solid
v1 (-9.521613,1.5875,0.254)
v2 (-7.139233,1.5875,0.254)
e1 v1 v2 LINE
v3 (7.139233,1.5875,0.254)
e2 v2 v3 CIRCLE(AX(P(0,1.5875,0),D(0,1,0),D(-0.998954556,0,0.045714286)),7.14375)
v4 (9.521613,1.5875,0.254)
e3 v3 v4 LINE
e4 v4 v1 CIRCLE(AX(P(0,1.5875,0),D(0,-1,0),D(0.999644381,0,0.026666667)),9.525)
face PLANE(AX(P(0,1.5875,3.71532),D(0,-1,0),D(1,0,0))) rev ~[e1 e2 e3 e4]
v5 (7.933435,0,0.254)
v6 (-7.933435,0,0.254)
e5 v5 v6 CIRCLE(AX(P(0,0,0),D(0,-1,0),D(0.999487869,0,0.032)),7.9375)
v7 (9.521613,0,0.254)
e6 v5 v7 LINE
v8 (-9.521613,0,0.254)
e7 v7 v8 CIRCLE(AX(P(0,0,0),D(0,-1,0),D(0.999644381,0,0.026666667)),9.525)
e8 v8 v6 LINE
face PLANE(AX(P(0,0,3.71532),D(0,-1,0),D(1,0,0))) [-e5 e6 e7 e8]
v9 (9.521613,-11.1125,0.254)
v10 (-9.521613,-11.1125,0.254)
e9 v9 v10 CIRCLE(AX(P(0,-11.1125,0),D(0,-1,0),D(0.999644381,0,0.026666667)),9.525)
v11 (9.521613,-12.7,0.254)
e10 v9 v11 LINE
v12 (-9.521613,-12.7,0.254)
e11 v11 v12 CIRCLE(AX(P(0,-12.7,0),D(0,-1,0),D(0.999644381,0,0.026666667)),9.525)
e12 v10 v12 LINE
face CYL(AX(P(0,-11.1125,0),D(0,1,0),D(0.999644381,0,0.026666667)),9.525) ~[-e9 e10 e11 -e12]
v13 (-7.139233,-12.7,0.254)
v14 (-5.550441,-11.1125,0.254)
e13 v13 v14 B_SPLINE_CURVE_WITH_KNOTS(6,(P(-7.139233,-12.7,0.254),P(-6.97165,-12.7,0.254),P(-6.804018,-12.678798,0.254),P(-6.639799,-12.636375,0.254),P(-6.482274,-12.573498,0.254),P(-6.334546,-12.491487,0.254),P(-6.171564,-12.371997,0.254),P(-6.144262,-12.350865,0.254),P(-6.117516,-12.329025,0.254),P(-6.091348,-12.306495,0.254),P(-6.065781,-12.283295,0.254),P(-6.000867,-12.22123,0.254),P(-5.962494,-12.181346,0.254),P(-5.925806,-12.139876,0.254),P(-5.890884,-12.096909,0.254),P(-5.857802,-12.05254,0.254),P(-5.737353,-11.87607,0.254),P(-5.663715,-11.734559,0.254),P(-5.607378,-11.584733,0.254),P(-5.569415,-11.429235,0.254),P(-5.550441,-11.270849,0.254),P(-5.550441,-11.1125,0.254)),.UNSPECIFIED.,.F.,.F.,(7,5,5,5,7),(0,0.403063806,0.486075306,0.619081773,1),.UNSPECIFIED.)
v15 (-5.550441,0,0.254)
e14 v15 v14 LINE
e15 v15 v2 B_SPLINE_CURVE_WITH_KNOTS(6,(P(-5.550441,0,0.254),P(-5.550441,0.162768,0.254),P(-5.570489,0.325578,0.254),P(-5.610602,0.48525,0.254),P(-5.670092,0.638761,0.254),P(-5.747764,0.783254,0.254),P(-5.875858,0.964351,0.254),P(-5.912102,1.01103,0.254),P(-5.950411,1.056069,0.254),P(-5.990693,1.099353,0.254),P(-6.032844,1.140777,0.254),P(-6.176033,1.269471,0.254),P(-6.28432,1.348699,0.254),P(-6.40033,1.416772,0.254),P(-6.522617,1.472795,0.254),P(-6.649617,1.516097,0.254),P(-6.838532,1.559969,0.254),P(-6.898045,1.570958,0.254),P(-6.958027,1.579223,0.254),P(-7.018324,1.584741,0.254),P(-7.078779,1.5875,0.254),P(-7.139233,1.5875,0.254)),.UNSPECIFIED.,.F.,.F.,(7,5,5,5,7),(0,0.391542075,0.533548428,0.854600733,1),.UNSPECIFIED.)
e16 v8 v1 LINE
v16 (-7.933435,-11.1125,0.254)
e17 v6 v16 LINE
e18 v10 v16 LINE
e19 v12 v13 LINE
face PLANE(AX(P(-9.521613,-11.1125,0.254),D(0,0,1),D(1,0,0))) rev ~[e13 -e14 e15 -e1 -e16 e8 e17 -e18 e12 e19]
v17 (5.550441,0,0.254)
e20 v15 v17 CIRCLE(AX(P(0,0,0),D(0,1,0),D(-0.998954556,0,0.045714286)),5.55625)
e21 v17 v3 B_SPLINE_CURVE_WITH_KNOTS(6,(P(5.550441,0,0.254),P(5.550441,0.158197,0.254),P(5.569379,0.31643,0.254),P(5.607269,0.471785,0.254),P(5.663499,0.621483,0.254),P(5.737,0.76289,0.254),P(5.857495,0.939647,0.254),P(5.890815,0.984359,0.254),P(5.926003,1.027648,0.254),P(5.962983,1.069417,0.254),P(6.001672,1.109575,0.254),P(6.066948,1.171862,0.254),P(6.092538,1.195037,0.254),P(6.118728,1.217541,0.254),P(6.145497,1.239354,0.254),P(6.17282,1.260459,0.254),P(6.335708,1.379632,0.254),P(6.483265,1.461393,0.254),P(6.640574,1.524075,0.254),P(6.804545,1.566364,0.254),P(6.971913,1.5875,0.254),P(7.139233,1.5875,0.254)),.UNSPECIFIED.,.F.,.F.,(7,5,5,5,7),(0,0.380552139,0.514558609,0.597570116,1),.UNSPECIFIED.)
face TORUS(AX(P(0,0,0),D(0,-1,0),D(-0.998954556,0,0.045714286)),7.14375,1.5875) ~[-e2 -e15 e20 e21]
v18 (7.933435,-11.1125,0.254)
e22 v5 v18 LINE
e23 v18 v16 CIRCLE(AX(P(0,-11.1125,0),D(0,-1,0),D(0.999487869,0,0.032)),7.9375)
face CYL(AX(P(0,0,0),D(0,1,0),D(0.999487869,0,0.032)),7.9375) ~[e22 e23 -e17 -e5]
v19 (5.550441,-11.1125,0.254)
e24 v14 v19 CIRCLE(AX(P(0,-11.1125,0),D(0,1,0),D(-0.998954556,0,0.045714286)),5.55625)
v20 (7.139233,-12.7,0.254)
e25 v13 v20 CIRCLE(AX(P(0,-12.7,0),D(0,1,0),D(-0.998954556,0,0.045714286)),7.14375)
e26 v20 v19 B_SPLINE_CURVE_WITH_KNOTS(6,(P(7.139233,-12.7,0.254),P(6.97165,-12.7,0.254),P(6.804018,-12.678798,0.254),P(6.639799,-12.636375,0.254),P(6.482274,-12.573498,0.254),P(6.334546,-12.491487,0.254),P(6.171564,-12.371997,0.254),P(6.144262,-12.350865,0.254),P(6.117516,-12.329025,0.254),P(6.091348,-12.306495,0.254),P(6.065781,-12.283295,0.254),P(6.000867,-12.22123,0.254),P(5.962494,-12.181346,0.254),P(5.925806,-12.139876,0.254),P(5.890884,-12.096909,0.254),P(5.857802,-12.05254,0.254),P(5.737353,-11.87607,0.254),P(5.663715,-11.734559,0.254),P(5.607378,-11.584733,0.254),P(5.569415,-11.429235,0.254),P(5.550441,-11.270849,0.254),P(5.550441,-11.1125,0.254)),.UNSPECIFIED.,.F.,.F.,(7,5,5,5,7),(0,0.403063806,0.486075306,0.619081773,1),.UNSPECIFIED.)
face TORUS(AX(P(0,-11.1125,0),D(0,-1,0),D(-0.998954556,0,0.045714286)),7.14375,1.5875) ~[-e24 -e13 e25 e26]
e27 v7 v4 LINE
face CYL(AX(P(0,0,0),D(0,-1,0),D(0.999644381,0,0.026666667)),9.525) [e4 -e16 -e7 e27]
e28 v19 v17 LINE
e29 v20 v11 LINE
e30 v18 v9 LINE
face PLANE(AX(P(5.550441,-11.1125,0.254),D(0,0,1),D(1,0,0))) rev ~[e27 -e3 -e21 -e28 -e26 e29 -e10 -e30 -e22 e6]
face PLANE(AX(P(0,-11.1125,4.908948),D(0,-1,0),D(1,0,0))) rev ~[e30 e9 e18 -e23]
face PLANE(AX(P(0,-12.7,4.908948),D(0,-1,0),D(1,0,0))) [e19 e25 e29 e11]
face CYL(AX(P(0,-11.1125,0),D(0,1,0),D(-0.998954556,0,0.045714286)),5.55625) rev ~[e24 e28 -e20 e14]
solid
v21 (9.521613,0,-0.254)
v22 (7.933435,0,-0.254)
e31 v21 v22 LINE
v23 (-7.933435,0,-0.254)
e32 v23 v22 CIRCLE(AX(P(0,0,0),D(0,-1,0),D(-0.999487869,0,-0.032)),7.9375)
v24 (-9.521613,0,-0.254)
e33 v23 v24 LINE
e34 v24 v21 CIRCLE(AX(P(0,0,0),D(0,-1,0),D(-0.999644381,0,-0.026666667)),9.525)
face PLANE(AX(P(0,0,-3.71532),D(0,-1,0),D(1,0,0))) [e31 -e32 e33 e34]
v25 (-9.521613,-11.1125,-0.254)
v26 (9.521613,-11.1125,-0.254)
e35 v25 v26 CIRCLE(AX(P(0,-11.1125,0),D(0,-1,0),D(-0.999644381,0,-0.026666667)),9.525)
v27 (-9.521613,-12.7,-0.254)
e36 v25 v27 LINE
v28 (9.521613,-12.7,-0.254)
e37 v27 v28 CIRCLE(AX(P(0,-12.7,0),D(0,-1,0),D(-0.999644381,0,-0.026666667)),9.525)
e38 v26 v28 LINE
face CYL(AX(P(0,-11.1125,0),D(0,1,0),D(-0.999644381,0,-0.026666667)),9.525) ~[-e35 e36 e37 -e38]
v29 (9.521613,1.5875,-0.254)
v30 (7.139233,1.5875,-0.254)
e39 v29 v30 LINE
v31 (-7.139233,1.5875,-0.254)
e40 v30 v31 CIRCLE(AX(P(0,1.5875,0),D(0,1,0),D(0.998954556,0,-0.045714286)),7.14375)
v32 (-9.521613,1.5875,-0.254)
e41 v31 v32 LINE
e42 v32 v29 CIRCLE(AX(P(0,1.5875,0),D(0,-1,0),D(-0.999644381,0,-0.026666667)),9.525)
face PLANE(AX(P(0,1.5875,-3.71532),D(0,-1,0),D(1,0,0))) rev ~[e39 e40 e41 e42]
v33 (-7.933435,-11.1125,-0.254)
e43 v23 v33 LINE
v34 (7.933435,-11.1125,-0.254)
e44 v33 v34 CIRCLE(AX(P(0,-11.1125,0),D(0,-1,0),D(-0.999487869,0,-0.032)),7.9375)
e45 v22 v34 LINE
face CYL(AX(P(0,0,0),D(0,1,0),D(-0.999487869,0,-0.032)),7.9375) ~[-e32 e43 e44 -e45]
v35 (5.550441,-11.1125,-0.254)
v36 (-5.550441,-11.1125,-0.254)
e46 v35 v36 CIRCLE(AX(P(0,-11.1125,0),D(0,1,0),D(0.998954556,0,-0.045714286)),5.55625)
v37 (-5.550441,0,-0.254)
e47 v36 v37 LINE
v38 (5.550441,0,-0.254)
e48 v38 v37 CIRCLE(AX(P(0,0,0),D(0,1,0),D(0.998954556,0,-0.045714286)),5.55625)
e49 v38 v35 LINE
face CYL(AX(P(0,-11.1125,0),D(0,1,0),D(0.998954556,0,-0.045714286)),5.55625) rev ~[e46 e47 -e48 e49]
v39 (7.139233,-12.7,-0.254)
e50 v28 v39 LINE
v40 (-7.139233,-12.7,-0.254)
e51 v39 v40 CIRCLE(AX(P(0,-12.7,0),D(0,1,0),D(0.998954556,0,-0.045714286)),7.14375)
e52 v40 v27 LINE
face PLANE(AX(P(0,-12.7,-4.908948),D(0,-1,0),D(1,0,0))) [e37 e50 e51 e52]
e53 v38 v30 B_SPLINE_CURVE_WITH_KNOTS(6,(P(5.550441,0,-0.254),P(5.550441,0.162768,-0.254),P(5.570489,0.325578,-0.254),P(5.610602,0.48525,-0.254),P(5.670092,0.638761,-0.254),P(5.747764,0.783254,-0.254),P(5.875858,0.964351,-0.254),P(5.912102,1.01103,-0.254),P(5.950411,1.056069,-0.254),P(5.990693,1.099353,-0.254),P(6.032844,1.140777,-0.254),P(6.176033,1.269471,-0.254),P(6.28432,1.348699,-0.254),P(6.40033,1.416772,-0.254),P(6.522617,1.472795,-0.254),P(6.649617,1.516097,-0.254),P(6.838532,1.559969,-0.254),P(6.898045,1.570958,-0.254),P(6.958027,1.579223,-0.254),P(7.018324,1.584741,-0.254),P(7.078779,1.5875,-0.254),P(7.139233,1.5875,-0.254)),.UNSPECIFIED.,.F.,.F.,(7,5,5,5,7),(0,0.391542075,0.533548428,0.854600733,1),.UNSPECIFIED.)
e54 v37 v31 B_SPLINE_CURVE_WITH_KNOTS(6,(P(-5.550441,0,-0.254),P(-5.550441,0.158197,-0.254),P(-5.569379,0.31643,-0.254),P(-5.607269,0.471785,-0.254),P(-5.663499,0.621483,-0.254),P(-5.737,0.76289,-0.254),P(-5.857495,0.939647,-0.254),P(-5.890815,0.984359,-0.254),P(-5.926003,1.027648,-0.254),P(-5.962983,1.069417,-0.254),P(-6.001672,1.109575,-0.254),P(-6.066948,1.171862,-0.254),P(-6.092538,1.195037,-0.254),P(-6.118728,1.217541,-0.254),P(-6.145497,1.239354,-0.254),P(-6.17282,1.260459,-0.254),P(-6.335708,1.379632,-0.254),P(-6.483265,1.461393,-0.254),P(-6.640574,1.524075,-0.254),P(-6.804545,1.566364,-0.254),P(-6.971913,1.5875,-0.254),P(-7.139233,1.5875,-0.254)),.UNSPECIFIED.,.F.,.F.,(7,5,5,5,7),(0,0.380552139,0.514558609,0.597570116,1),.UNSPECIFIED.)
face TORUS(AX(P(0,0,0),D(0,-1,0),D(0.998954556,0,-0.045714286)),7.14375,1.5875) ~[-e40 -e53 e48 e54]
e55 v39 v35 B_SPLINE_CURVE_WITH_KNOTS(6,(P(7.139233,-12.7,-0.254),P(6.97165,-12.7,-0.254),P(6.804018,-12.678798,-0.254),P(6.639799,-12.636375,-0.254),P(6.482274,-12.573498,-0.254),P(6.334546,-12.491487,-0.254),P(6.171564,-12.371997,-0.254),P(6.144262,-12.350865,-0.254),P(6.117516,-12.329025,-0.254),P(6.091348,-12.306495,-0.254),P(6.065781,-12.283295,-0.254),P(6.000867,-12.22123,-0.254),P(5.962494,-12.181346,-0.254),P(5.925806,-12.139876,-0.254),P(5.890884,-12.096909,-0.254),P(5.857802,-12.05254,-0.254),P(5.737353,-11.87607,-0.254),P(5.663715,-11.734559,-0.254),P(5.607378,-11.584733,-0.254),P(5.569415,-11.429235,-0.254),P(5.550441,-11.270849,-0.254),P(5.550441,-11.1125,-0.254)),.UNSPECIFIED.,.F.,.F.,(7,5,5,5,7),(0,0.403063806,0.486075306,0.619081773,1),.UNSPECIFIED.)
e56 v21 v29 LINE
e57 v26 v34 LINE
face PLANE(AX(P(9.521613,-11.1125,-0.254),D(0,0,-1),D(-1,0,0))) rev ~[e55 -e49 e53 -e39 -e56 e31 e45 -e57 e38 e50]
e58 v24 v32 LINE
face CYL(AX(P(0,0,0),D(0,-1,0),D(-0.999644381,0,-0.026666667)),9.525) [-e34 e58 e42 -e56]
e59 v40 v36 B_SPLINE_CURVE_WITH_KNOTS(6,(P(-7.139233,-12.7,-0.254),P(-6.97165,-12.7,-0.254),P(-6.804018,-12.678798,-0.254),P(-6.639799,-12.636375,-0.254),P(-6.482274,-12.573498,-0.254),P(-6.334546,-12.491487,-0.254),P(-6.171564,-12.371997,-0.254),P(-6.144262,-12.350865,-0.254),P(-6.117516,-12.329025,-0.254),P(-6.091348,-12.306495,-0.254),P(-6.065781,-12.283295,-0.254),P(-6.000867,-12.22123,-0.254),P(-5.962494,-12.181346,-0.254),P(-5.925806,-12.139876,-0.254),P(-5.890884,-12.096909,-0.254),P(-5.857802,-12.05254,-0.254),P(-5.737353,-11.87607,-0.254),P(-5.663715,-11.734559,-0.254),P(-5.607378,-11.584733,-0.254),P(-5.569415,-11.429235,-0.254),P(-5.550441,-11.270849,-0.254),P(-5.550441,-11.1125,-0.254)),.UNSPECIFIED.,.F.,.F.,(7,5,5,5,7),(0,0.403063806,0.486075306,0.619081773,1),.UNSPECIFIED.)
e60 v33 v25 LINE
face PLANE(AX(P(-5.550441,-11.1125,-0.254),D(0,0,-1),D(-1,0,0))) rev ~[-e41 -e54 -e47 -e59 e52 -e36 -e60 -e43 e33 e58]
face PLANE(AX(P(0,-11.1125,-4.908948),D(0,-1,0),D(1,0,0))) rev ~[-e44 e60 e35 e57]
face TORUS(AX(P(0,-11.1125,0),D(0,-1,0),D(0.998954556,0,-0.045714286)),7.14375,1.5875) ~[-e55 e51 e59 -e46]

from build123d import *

# Parameters (mm, degrees)
F1_DEPTH = 11.1125
F2_DEPTH = 1.5875
F3_START = 11.1125
F3_DEPTH = 1.5875
F4_R     = 1.5875
F4_2_R   = 1.5875


with BuildPart() as f1:
    # F0 (on Front) → F1 (new body)
    with BuildSketch(Plane.XZ):
        with BuildLine():
            Line((5.5504412494, 0.254), (7.9334349591, 0.254))
            ThreePointArc((7.9334349591, 0.254), (0, 7.9375), (-7.9334349591, 0.254))
            Line((-7.9334349591, 0.254), (-5.5504412494, 0.254))
            ThreePointArc((-5.5504412494, 0.254), (0, 5.55625), (5.5504412494, 0.254))
        make_face()
    extrude(amount=F1_DEPTH)

    # F0 (on Front) → F2, piece 2 (join)
    with BuildSketch(Plane.XZ):
        with BuildLine():
            Line((5.5504412494, 0.254), (7.9334349591, 0.254))
            ThreePointArc((7.9334349591, 0.254), (0, 7.9375), (-7.9334349591, 0.254))
            Line((-7.9334349591, 0.254), (-5.5504412494, 0.254))
            ThreePointArc((-5.5504412494, 0.254), (0, 5.55625), (5.5504412494, 0.254))
        make_face()
        with BuildLine():
            Line((7.9334349591, 0.254), (9.521612731, 0.254))
            ThreePointArc((9.521612731, 0.254), (0, 9.525), (-9.521612731, 0.254))
            Line((-9.521612731, 0.254), (-7.9334349591, 0.254))
            ThreePointArc((-7.9334349591, 0.254), (0, 7.9375), (7.9334349591, 0.254))
        make_face()
    extrude(amount=-F2_DEPTH)

    # F0 (on Front) → F3 (join)
    with BuildSketch(Plane.XZ.offset(F3_START)):
        with BuildLine():
            Line((7.9334349591, 0.254), (9.521612731, 0.254))
            ThreePointArc((9.521612731, 0.254), (0, 9.525), (-9.521612731, 0.254))
            Line((-9.521612731, 0.254), (-7.9334349591, 0.254))
            ThreePointArc((-7.9334349591, 0.254), (0, 7.9375), (7.9334349591, 0.254))
        make_face()
        with BuildLine():
            Line((5.5504412494, 0.254), (7.9334349591, 0.254))
            ThreePointArc((7.9334349591, 0.254), (0, 7.9375), (-7.9334349591, 0.254))
            Line((-7.9334349591, 0.254), (-5.5504412494, 0.254))
            ThreePointArc((-5.5504412494, 0.254), (0, 5.55625), (5.5504412494, 0.254))
        make_face()
    extrude(amount=F3_DEPTH)

    # F4
    f4_edges = [f1.edges().sort_by_distance(p)[0] for p in [
        (0, 1.5875, 5.55625),
        (0, -12.7, 5.55625),
    ]]
    fillet(f4_edges, radius=F4_R)


with BuildPart() as f1b:
    # F0 (on Front) → F1, piece 2 (new body)
    with BuildSketch(Plane.XZ):
        with BuildLine():
            Line((-5.5504412494, -0.254), (-7.9334349591, -0.254))
            ThreePointArc((-7.9334349591, -0.254), (0, -7.9375), (7.9334349591, -0.254))
            Line((7.9334349591, -0.254), (5.5504412494, -0.254))
            ThreePointArc((5.5504412494, -0.254), (0, -5.55625), (-5.5504412494, -0.254))
        make_face()
    extrude(amount=F1_DEPTH)

    # F0 (on Front) → F2 (join)
    with BuildSketch(Plane.XZ):
        with BuildLine():
            Line((-5.5504412494, -0.254), (-7.9334349591, -0.254))
            ThreePointArc((-7.9334349591, -0.254), (0, -7.9375), (7.9334349591, -0.254))
            Line((7.9334349591, -0.254), (5.5504412494, -0.254))
            ThreePointArc((5.5504412494, -0.254), (0, -5.55625), (-5.5504412494, -0.254))
        make_face()
        with BuildLine():
            Line((-7.9334349591, -0.254), (-9.521612731, -0.254))
            ThreePointArc((-9.521612731, -0.254), (0, -9.525), (9.521612731, -0.254))
            Line((9.521612731, -0.254), (7.9334349591, -0.254))
            ThreePointArc((7.9334349591, -0.254), (0, -7.9375), (-7.9334349591, -0.254))
        make_face()
    extrude(amount=-F2_DEPTH)

    # F0 (on Front) → F3, piece 2 (join)
    with BuildSketch(Plane.XZ.offset(F3_START)):
        with BuildLine():
            Line((-7.9334349591, -0.254), (-9.521612731, -0.254))
            ThreePointArc((-9.521612731, -0.254), (0, -9.525), (9.521612731, -0.254))
            Line((9.521612731, -0.254), (7.9334349591, -0.254))
            ThreePointArc((7.9334349591, -0.254), (0, -7.9375), (-7.9334349591, -0.254))
        make_face()
        with BuildLine():
            Line((-5.5504412494, -0.254), (-7.9334349591, -0.254))
            ThreePointArc((-7.9334349591, -0.254), (0, -7.9375), (7.9334349591, -0.254))
            Line((7.9334349591, -0.254), (5.5504412494, -0.254))
            ThreePointArc((5.5504412494, -0.254), (0, -5.55625), (-5.5504412494, -0.254))
        make_face()
    extrude(amount=F3_DEPTH)

    # F4#2
    f4_2_edges = [f1b.edges().sort_by_distance(p)[0] for p in [
        (0, 1.5875, -5.55625),
        (0, -12.7, -5.55625),
    ]]
    fillet(f4_2_edges, radius=F4_2_R)


solid = Compound([f1.part, f1b.part])
